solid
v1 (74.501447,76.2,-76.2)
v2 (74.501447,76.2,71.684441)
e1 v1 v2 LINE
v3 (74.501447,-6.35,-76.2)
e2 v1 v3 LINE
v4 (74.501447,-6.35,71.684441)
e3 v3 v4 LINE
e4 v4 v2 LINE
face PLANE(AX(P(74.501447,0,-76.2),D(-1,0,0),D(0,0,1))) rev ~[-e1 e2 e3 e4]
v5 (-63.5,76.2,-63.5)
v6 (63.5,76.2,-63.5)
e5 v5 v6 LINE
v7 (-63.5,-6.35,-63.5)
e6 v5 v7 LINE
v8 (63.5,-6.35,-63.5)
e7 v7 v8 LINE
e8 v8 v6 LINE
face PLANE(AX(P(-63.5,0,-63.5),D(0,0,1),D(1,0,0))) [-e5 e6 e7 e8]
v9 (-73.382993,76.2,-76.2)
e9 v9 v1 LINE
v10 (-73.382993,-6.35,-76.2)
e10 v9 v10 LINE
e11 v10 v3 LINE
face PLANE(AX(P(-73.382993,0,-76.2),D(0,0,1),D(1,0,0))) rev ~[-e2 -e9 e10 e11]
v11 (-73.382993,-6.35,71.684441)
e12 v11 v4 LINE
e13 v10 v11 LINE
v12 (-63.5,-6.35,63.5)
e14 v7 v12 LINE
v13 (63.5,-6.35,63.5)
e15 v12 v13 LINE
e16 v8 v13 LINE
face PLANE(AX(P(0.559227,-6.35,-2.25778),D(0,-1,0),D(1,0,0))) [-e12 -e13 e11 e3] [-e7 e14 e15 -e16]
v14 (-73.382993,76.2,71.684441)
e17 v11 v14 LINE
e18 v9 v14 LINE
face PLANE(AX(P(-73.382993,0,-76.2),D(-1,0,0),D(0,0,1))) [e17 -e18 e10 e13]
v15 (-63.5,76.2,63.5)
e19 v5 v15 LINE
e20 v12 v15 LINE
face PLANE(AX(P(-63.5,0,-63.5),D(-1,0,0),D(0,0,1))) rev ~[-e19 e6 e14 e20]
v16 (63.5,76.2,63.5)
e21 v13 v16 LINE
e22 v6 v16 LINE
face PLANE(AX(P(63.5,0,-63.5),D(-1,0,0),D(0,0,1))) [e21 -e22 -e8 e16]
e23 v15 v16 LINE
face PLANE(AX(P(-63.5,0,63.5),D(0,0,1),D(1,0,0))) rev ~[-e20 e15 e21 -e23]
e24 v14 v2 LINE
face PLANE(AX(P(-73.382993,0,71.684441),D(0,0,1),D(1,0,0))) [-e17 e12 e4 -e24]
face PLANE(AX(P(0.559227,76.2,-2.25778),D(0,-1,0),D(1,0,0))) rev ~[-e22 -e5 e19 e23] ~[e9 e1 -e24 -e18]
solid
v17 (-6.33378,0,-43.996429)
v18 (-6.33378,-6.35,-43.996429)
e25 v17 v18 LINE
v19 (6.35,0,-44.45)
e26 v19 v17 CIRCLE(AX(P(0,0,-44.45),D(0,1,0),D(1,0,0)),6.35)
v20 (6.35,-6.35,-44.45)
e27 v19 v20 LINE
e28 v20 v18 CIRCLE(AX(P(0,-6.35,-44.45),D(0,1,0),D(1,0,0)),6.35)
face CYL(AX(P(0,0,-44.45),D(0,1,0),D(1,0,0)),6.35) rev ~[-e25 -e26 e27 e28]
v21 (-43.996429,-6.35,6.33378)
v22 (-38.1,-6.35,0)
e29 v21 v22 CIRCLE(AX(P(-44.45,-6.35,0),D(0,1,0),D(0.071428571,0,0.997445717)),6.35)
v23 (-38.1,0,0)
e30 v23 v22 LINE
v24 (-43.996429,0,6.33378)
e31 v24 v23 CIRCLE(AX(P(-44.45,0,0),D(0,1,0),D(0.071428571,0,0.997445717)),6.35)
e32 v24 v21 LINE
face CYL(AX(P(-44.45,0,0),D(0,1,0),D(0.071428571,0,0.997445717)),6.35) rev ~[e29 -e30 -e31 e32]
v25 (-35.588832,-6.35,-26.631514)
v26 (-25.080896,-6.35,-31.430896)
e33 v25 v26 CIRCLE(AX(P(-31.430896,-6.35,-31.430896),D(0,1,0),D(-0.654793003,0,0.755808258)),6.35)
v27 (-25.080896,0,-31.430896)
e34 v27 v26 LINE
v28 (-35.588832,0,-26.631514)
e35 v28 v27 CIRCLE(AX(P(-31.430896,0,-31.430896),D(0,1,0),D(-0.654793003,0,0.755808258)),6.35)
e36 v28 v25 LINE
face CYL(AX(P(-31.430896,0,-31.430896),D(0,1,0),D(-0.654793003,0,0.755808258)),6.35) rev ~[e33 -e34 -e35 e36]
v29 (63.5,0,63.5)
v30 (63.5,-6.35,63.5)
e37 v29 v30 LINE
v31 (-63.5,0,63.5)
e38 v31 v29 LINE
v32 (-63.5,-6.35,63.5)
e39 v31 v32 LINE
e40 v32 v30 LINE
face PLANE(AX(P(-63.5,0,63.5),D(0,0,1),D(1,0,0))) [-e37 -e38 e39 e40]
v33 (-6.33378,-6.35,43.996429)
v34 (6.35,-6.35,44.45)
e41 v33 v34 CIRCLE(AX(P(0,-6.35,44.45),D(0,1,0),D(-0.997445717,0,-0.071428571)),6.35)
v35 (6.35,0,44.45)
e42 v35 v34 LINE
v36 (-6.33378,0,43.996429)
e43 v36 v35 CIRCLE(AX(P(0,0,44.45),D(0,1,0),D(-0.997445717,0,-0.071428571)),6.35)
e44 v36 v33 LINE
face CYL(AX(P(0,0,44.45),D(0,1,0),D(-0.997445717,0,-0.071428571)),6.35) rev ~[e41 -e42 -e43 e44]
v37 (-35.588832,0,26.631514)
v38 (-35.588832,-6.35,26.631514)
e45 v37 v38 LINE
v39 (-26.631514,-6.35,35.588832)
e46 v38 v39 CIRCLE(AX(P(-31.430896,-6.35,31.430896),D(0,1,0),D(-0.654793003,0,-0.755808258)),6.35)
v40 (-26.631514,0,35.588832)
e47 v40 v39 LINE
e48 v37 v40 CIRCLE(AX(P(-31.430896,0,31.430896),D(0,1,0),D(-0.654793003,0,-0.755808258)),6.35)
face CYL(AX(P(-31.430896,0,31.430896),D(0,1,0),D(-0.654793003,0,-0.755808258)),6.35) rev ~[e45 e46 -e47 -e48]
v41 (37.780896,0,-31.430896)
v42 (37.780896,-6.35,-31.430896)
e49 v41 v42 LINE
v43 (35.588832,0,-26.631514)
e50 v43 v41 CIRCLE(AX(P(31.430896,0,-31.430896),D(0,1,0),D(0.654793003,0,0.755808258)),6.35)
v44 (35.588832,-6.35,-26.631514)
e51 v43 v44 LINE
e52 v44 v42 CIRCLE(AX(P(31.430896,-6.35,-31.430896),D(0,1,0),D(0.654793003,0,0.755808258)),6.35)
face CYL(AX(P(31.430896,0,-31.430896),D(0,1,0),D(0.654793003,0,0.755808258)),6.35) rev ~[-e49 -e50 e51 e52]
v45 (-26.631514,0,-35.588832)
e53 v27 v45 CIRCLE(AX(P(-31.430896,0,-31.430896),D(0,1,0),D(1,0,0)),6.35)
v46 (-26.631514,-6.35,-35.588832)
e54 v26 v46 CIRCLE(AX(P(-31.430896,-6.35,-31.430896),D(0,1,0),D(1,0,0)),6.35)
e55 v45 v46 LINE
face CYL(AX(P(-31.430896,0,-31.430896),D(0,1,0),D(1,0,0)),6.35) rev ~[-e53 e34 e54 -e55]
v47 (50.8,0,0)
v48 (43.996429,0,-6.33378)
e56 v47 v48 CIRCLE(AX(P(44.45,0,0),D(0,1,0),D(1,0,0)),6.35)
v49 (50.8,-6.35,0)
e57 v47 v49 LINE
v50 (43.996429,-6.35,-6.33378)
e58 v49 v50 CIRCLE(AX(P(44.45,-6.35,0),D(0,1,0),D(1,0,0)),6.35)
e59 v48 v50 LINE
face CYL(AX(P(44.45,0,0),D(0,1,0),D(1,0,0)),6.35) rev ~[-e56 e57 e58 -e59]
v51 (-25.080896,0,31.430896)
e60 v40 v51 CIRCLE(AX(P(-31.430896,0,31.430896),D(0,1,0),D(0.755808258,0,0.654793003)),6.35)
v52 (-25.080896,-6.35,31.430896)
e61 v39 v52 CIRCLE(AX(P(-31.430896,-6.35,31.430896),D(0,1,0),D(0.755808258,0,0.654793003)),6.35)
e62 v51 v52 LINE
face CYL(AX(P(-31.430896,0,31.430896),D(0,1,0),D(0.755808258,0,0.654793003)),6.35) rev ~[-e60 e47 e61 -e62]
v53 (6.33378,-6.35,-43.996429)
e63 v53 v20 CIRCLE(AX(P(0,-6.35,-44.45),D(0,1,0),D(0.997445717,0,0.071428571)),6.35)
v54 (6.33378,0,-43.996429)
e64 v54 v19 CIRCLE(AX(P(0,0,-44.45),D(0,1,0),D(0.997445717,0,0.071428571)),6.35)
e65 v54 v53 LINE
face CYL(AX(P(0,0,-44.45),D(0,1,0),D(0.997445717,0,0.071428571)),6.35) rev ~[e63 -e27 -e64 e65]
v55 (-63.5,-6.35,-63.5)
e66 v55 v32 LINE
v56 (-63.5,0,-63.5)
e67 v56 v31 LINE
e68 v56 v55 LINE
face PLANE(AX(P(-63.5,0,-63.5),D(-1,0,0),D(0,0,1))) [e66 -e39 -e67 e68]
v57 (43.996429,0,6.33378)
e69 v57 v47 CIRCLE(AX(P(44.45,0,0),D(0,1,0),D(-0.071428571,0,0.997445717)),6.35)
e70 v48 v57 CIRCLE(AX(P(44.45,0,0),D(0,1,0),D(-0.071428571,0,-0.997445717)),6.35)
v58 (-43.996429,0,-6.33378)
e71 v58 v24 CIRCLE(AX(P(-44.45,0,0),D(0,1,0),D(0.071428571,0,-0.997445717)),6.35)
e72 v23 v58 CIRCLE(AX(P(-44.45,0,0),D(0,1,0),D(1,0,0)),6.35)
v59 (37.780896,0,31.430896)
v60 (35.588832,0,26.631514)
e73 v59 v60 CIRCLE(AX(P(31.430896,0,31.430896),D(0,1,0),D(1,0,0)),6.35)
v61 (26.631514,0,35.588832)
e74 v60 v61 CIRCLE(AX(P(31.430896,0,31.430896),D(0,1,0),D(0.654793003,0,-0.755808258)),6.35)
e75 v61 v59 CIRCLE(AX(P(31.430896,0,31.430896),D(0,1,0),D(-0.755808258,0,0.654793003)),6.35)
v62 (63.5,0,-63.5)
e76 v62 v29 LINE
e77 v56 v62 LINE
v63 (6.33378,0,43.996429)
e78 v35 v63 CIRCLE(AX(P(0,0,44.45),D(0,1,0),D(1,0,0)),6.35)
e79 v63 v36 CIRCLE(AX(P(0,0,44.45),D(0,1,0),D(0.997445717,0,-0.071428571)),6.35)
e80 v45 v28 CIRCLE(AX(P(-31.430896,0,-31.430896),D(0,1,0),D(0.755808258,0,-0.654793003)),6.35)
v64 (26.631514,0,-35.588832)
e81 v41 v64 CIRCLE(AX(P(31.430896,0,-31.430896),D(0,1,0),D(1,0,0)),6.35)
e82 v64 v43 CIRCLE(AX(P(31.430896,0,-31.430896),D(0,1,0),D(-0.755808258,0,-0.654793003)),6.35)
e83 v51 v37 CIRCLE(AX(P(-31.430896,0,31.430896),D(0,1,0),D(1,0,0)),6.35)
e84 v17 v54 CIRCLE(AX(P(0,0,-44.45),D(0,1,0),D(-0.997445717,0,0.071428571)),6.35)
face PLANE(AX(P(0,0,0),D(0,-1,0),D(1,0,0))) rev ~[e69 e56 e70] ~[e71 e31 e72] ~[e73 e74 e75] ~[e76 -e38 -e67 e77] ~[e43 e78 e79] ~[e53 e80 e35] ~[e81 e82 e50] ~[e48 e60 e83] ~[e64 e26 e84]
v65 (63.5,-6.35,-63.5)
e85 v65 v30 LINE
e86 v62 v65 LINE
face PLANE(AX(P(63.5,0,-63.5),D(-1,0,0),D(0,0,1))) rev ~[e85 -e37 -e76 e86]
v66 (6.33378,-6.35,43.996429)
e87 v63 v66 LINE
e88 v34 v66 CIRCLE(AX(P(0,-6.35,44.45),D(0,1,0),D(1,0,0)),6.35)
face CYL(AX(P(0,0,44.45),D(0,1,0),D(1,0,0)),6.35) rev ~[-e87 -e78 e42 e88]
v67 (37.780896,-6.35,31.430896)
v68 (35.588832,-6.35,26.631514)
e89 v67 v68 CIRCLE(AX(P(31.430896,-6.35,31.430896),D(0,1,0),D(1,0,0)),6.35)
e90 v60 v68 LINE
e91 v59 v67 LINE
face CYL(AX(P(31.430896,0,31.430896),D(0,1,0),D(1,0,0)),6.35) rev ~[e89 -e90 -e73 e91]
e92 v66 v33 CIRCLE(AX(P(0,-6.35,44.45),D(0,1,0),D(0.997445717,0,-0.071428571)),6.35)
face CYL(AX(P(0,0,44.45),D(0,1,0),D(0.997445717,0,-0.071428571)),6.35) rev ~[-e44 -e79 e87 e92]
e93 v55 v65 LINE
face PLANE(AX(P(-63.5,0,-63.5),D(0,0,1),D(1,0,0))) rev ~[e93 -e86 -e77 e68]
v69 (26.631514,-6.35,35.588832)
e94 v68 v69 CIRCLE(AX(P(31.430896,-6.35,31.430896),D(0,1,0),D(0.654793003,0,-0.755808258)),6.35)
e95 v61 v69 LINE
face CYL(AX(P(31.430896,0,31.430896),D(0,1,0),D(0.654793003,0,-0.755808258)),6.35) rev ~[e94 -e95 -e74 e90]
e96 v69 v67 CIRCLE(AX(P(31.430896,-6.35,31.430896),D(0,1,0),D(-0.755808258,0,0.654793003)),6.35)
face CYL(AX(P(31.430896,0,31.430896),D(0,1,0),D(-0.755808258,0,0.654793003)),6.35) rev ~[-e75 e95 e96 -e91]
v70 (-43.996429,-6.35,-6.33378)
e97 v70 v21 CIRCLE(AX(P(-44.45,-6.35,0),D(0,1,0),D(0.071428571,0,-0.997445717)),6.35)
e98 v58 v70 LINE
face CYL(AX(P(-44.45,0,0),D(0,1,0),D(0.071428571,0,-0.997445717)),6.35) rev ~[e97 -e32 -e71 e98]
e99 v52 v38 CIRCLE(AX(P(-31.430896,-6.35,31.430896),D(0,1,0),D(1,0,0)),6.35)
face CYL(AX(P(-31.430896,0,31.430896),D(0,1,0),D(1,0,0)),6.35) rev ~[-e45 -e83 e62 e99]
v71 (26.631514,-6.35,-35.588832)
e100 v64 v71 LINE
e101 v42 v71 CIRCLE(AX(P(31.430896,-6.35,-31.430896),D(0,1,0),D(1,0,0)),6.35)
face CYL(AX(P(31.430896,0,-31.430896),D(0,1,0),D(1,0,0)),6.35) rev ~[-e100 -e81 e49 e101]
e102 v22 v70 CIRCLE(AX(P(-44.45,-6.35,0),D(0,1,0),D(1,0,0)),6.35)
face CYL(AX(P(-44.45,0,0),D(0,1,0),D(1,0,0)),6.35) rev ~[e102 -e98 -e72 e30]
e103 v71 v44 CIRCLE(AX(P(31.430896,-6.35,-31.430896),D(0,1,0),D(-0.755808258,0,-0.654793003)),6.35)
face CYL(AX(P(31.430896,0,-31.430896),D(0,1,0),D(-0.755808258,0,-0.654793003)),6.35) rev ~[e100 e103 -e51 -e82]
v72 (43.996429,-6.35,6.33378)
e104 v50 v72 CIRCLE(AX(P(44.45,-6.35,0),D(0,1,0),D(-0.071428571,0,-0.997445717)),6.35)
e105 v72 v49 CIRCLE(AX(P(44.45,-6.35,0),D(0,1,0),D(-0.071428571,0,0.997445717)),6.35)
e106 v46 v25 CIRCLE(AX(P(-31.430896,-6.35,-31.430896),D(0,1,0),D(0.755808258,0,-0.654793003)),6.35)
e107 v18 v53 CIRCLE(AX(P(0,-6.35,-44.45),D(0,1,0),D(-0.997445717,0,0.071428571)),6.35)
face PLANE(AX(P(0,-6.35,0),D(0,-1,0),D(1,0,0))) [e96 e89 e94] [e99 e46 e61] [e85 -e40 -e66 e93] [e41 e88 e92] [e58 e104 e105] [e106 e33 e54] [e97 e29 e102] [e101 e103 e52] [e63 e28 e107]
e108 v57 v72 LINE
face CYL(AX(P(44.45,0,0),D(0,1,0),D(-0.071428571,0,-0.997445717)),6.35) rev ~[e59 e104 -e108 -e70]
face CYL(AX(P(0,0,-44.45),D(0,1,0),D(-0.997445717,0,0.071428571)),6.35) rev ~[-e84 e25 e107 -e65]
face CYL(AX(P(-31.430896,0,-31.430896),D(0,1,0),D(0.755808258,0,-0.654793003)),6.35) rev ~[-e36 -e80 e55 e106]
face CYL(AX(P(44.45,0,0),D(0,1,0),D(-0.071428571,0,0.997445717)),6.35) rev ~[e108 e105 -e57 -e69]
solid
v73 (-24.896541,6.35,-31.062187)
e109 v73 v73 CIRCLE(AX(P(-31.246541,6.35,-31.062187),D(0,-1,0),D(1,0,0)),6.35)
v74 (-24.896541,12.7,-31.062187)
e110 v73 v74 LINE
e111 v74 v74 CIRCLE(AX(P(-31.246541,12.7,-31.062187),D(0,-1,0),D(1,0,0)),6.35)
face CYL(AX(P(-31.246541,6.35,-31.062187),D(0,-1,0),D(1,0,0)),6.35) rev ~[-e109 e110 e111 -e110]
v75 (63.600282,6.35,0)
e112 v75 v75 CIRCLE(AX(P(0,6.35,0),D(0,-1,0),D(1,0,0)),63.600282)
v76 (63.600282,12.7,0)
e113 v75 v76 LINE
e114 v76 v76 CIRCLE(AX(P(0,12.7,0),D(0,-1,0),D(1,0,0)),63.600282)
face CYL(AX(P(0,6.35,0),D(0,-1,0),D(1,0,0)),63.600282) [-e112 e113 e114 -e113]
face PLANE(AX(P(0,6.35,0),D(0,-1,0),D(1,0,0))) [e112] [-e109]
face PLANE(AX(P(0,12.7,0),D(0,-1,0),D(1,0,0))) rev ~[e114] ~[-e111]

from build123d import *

# Parameters (mm, degrees)
F0_W          = 127
F0_H          = 127
F1_DEPTH      = 6.35
F3_R          = 63.6002819842
F3_R_2        = 6.35
F4_DEPTH      = 6.35
F5_W          = 147.884440772
F5_H          = 147.884440772
F5_W_2        = 127
F5_H_2        = 127
F6_DEPTH      = 76.2
F6_DEPTH_BACK = 6.35


with BuildPart() as f1:
    # F0 (on Front) → F1 (new body)
    with BuildSketch(Plane.XZ):
        Rectangle(F0_W, F0_H)
        with BuildLine():
            ThreePointArc((35.5888319955, 26.6315139862), (41.0664452201, 17.0102785686), (43.9964285714, 6.3337803056))
            ThreePointArc((43.9964285714, 6.3337803056), (48.7767956636, 4.6477240974), (50.8, 0))
            ThreePointArc((50.8, 0), (48.7767956636, -4.6477240974), (43.9964285714, -6.3337803056))
            ThreePointArc((43.9964285714, -6.3337803056), (41.0664452201, -17.0102785686), (35.5888319955, -26.6315139862))
            ThreePointArc((35.5888319955, -26.6315139862), (37.206941389, -28.7927522731), (37.7808964237, -31.4308964237))
            ThreePointArc((37.7808964237, -31.4308964237), (33.6497273684, -37.3806266058), (26.6315139862, -35.5888319955))
            ThreePointArc((26.6315139862, -35.5888319955), (17.0102785686, -41.0664452201), (6.3337803056, -43.9964285714))
            ThreePointArc((6.3337803056, -43.9964285714), (6.3459437809, -44.2230693282), (6.35, -44.45))
            ThreePointArc((6.35, -44.45), (-0.2269306718, -50.7959437809), (-6.3337803056, -43.9964285714))
            ThreePointArc((-6.3337803056, -43.9964285714), (-17.0102785686, -41.0664452201), (-26.6315139862, -35.5888319955))
            ThreePointArc((-26.6315139862, -35.5888319955), (-35.9210244843, -35.9210244843), (-35.5888319955, -26.6315139862))
            ThreePointArc((-35.5888319955, -26.6315139862), (-41.0664452201, -17.0102785686), (-43.9964285714, -6.3337803056))
            ThreePointArc((-43.9964285714, -6.3337803056), (-50.8, 0), (-43.9964285714, 6.3337803056))
            ThreePointArc((-43.9964285714, 6.3337803056), (-41.0664452201, 17.0102785686), (-35.5888319955, 26.6315139862))
            ThreePointArc((-35.5888319955, 26.6315139862), (-35.9210244843, 35.9210244843), (-26.6315139862, 35.5888319955))
            ThreePointArc((-26.6315139862, 35.5888319955), (-17.0102785686, 41.0664452201), (-6.3337803056, 43.9964285714))
            ThreePointArc((-6.3337803056, 43.9964285714), (-0.2269306718, 50.7959437809), (6.35, 44.45))
            ThreePointArc((6.35, 44.45), (6.3459437809, 44.2230693282), (6.3337803056, 43.9964285714))
            ThreePointArc((6.3337803056, 43.9964285714), (17.0102785686, 41.0664452201), (26.6315139862, 35.5888319955))
            ThreePointArc((26.6315139862, 35.5888319955), (33.6497273684, 37.3806266058), (37.7808964237, 31.4308964237))
            ThreePointArc((37.7808964237, 31.4308964237), (37.206941389, 28.7927522731), (35.5888319955, 26.6315139862))
        make_face(mode=Mode.SUBTRACT)
        with BuildLine():
            ThreePointArc((43.9964285714, -6.3337803056), (38.1, 0), (43.9964285714, 6.3337803056))
            ThreePointArc((43.9964285714, 6.3337803056), (41.0664452201, 17.0102785686), (35.5888319955, 26.6315139862))
            ThreePointArc((35.5888319955, 26.6315139862), (26.9407683632, 26.9407683632), (26.6315139862, 35.5888319955))
            ThreePointArc((26.6315139862, 35.5888319955), (17.0102785686, 41.0664452201), (6.3337803056, 43.9964285714))
            ThreePointArc((6.3337803056, 43.9964285714), (0, 38.1), (-6.3337803056, 43.9964285714))
            ThreePointArc((-6.3337803056, 43.9964285714), (-17.0102785686, 41.0664452201), (-26.6315139862, 35.5888319955))
            ThreePointArc((-26.6315139862, 35.5888319955), (-25.4811662417, 33.6497273684), (-25.0808964237, 31.4308964237))
            ThreePointArc((-25.0808964237, 31.4308964237), (-28.7927522731, 25.6548514585), (-35.5888319955, 26.6315139862))
            ThreePointArc((-35.5888319955, 26.6315139862), (-41.0664452201, 17.0102785686), (-43.9964285714, 6.3337803056))
            ThreePointArc((-43.9964285714, 6.3337803056), (-39.8022759026, 4.3267956636), (-38.1, 0))
            ThreePointArc((-38.1, 0), (-39.8022759026, -4.3267956636), (-43.9964285714, -6.3337803056))
            ThreePointArc((-43.9964285714, -6.3337803056), (-41.0664452201, -17.0102785686), (-35.5888319955, -26.6315139862))
            ThreePointArc((-35.5888319955, -26.6315139862), (-28.7927522731, -25.6548514585), (-25.0808964237, -31.4308964237))
            ThreePointArc((-25.0808964237, -31.4308964237), (-25.4811662417, -33.6497273684), (-26.6315139862, -35.5888319955))
            ThreePointArc((-26.6315139862, -35.5888319955), (-17.0102785686, -41.0664452201), (-6.3337803056, -43.9964285714))
            ThreePointArc((-6.3337803056, -43.9964285714), (0, -38.1), (6.3337803056, -43.9964285714))
            ThreePointArc((6.3337803056, -43.9964285714), (17.0102785686, -41.0664452201), (26.6315139862, -35.5888319955))
            ThreePointArc((26.6315139862, -35.5888319955), (26.9407683632, -26.9407683632), (35.5888319955, -26.6315139862))
            ThreePointArc((35.5888319955, -26.6315139862), (41.0664452201, -17.0102785686), (43.9964285714, -6.3337803056))
        make_face()
    extrude(amount=F1_DEPTH)


with BuildPart() as f4:
    # F3 (on offset) → F4 (new body)
    with BuildSketch(Plane.XZ.offset(-6.35)):
        Circle(F3_R)
        with Locations((-31.2465413238, -31.0621867478)):
            Circle(F3_R_2, mode=Mode.SUBTRACT)
    extrude(amount=-F4_DEPTH)


with BuildPart() as f6:
    # F5 (on Front) → F6 (new body, two sides)
    with BuildSketch(Plane.XZ) as f6_sk:
        with Locations((0.5592270837, -2.257779614)):
            Rectangle(F5_W, F5_H)
        Rectangle(F5_W_2, F5_H_2, mode=Mode.SUBTRACT)
    extrude(amount=-F6_DEPTH)
    extrude(f6_sk.sketch, amount=F6_DEPTH_BACK)


solid = Compound([f1.part, f4.part, f6.part])
